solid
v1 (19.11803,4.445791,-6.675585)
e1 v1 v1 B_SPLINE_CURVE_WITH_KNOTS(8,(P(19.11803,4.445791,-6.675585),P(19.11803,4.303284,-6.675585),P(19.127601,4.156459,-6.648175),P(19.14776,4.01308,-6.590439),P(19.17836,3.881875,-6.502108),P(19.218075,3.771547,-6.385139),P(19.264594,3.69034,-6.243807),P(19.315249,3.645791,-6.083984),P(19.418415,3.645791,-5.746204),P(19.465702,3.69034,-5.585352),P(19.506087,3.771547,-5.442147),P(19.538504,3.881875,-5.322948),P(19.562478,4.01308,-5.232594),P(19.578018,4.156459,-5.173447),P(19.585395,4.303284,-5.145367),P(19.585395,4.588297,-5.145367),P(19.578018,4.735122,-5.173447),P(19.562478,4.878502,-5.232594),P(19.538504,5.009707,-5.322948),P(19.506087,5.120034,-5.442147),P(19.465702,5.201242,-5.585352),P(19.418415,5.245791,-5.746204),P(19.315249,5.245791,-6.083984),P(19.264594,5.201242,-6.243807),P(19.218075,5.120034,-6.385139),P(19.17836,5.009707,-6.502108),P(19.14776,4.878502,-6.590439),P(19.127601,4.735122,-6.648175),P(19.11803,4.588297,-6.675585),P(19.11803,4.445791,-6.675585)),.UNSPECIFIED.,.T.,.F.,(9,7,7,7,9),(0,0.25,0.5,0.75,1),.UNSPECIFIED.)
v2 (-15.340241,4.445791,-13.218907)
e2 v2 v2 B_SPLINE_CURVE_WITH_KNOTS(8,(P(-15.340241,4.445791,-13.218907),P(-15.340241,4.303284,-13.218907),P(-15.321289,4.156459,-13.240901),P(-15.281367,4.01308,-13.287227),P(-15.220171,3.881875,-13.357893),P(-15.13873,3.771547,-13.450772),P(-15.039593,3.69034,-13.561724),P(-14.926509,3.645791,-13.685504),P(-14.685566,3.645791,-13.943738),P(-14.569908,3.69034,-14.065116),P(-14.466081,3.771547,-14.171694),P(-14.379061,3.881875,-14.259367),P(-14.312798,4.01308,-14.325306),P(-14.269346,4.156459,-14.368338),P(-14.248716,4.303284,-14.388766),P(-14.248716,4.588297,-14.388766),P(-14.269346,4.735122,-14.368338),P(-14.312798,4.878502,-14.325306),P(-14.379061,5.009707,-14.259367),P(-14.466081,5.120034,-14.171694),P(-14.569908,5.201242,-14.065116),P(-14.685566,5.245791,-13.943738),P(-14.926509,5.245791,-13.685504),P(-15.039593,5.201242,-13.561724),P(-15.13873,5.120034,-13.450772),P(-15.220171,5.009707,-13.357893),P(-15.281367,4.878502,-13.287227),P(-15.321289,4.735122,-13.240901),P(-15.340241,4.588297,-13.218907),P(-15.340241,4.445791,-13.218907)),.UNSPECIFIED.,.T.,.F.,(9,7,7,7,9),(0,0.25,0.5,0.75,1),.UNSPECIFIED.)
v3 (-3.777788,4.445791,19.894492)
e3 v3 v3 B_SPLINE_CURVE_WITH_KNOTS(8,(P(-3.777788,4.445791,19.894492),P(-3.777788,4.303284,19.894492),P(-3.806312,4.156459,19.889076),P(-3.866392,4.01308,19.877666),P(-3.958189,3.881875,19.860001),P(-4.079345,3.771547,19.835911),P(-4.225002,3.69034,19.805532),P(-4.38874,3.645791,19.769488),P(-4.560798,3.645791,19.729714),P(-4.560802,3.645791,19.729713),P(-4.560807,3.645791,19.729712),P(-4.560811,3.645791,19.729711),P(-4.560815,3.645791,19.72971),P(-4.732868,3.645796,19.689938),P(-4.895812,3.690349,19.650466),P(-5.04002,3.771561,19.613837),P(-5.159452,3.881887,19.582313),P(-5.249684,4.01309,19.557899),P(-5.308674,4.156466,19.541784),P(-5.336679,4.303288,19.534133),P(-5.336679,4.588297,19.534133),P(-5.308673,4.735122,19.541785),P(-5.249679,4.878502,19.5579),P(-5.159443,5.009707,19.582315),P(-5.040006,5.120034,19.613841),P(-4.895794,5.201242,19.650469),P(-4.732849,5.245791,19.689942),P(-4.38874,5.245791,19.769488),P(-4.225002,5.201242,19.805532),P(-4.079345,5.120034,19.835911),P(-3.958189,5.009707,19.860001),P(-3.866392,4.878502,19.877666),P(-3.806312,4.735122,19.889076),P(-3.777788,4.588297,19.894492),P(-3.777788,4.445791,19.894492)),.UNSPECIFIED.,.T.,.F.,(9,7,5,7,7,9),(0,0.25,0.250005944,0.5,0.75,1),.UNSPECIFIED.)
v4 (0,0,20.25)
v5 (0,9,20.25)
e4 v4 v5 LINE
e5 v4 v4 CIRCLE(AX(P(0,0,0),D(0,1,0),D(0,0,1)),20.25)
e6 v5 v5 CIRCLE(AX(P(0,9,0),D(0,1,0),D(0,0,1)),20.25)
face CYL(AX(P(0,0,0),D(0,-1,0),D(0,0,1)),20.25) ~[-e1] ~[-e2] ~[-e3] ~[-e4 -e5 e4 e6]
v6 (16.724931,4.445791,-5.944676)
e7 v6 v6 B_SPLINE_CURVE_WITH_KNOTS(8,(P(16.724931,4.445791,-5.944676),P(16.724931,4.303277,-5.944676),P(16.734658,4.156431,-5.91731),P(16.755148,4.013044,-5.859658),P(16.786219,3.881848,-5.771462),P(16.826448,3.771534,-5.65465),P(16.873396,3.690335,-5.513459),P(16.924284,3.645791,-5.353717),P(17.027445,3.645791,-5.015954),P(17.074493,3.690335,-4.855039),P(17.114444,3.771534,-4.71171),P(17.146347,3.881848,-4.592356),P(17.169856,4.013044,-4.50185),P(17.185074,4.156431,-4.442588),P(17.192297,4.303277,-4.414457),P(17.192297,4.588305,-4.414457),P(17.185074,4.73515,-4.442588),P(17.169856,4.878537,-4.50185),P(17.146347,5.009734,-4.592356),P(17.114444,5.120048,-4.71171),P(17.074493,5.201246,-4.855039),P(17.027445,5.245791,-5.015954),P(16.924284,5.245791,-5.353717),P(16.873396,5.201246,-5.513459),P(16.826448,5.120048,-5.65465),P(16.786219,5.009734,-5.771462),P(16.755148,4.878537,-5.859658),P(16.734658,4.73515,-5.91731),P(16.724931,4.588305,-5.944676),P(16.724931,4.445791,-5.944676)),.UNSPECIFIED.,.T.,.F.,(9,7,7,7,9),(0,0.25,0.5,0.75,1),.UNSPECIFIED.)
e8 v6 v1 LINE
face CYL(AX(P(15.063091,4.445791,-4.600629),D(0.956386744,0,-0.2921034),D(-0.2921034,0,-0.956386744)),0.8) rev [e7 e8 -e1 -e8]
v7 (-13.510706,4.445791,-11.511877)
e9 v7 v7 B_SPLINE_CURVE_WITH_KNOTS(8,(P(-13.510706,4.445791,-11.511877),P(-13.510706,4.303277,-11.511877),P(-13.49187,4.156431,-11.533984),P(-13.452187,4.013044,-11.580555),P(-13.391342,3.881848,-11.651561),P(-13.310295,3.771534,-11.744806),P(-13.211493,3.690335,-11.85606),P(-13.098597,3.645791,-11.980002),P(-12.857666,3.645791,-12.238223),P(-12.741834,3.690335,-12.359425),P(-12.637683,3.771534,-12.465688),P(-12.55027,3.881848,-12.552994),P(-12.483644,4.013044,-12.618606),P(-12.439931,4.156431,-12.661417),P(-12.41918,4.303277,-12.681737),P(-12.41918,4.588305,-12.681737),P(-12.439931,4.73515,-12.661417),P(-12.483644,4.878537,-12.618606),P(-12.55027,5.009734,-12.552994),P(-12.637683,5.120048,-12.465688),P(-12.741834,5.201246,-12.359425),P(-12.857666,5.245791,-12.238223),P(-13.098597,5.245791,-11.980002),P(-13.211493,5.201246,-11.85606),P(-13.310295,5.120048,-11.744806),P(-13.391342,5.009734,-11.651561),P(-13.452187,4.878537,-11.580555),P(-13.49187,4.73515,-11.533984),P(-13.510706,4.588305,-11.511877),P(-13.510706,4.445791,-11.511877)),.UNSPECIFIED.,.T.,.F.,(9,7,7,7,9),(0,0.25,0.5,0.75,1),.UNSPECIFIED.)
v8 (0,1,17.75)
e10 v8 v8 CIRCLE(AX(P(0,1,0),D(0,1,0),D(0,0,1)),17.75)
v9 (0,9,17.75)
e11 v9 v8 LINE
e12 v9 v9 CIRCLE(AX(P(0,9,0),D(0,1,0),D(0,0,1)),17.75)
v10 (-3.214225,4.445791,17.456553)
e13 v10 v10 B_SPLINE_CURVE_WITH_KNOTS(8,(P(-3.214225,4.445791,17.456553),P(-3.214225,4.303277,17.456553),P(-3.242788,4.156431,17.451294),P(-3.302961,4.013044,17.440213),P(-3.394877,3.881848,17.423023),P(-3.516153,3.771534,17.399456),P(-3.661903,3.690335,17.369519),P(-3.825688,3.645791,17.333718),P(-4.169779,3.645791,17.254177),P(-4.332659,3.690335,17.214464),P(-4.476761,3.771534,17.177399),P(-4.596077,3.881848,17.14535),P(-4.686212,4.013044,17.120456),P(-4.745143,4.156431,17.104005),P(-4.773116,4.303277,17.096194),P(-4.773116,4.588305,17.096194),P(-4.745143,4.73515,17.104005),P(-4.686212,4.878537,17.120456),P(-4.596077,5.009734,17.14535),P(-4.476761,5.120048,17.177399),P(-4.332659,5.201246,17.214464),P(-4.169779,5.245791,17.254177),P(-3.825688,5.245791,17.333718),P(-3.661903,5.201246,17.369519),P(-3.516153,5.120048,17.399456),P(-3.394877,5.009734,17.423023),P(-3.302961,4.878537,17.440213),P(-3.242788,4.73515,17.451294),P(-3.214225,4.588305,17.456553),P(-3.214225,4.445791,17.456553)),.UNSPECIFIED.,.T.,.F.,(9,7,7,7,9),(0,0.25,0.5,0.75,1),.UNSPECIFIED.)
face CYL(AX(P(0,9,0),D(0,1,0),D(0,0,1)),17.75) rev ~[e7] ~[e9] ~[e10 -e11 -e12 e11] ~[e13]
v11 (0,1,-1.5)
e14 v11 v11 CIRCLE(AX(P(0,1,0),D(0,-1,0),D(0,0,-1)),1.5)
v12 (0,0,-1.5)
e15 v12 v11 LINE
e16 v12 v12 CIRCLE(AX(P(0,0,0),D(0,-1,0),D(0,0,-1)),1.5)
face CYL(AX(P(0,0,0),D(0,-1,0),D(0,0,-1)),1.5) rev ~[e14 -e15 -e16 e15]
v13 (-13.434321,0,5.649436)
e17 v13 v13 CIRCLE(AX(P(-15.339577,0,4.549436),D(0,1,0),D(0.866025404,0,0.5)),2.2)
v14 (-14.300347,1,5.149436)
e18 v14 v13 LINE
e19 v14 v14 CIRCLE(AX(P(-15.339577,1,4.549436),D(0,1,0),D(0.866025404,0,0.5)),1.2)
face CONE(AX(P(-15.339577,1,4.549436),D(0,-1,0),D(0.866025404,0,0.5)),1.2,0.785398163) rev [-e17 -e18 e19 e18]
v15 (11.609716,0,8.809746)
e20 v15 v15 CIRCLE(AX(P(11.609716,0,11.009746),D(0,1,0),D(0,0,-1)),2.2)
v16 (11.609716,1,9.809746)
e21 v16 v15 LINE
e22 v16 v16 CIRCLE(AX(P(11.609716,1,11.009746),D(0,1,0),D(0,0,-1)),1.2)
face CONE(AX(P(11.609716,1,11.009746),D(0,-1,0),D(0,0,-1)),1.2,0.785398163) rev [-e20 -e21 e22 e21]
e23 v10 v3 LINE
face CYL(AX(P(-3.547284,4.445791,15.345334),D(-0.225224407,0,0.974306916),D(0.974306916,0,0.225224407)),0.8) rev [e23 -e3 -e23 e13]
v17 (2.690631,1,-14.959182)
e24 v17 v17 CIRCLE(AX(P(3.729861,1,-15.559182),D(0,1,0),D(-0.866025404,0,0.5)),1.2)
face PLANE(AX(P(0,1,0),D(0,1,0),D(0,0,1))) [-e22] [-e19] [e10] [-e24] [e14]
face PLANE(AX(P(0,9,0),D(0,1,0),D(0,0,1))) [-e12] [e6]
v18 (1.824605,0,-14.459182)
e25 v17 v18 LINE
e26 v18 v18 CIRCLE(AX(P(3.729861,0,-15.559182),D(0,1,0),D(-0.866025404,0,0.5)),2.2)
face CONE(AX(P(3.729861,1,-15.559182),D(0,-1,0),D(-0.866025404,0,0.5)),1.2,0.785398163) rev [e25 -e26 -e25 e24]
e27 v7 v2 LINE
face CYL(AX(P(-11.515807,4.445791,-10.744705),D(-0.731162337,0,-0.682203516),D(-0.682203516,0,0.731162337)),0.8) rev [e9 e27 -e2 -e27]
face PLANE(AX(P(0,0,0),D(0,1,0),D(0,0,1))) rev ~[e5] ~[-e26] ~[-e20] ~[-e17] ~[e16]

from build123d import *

# Parameters (mm, degrees)
SKETCH1_R           = 20.25
BOSS_EXTRUDE1_DEPTH = 9
SKETCH2_R           = 17.75
CUT_EXTRUDE1_DEPTH  = 8
CIRPATTERN1_COUNT   = 3
SKETCH5_R           = 1.5
CUT_EXTRUDE2_DEPTH  = 8
CIRPATTERN2_COUNT   = 3


with BuildPart() as part:
    # Sketch1 → Boss-Extrude1 (new body)
    with BuildSketch(Plane(origin=(0, 0, 0), x_dir=(1, 0, 0), z_dir=(0, 1, 0))):
        with Locations(Location((0, 0, 0), (0, 0, 270))):
            Circle(SKETCH1_R)
    extrude(amount=BOSS_EXTRUDE1_DEPTH)

    # Sketch2 → Cut-Extrude1 (cut)
    with BuildSketch(Plane(origin=(0, 9, 0), x_dir=(1, 0, 0), z_dir=(0, 1, 0))):
        with Locations(Location((0, 0, 0), (0, 0, 270))):
            Circle(SKETCH2_R)
    extrude(amount=-CUT_EXTRUDE1_DEPTH, mode=Mode.SUBTRACT)

    # Sketch4 → CSK SLOT for M2 Countersunk Flat Head Screw1 (revolve, cut)
    with BuildSketch(Plane(origin=(11.609715894, 0, 11.00974554), x_dir=(0, 0, -1), z_dir=(1, 0, 0))):
        Polygon((0, 0), (0, 6.521032743), (1.2, 5.8), (1.2, 1), (2.2, 0), align=None)
    csk_slot_for_m2_countersunk_flat_head_sc = revolve(axis=Axis((11.609715894, -6.35, 11.00974554), (0, 1, 0)), mode=Mode.SUBTRACT)

    # CirPattern1: CSK SLOT for M2 Countersunk Flat Head Screw1 ×3 about axis
    cirpattern1_axis = Axis((0, 0, 0), (0, 1, 0))
    for i in range(1, CIRPATTERN1_COUNT):
        add(csk_slot_for_m2_countersunk_flat_head_sc.rotate(cirpattern1_axis, i * 360 / CIRPATTERN1_COUNT), mode=Mode.SUBTRACT)

    # Sketch5 → Cut-Extrude2 (cut)
    with BuildSketch(Plane.XZ):
        with Locations(Location((0, 0, 0), (0, 0, 270))):
            Circle(SKETCH5_R)
    extrude(amount=-CUT_EXTRUDE2_DEPTH, mode=Mode.SUBTRACT)

    # Sketch6 → M2 Tapped Hole1 (revolve, cut)
    with BuildSketch(Plane(origin=(-4.560794248, 4.445790719, 19.729715047), x_dir=(0.974306915892993, 0, 0.22522440729877435), z_dir=(0, 1, 0))):
        Polygon((0, 0), (0, 4.980688495), (0.8, 4.5), (0.8, 0), align=None)
    m2_tapped_hole1 = revolve(axis=Axis((-5.990969234, 4.445790719, 25.916563963), (0.22522440729877433, 0, -0.9743069158929931)), mode=Mode.SUBTRACT)

    # CirPattern2: M2 Tapped Hole1 ×3 about axis
    cirpattern2_axis = Axis((0, 9, 0), (0, -1, 0))
    for i in range(1, CIRPATTERN2_COUNT):
        add(m2_tapped_hole1.rotate(cirpattern2_axis, i * 360 / CIRPATTERN2_COUNT), mode=Mode.SUBTRACT)


solid = part.part
